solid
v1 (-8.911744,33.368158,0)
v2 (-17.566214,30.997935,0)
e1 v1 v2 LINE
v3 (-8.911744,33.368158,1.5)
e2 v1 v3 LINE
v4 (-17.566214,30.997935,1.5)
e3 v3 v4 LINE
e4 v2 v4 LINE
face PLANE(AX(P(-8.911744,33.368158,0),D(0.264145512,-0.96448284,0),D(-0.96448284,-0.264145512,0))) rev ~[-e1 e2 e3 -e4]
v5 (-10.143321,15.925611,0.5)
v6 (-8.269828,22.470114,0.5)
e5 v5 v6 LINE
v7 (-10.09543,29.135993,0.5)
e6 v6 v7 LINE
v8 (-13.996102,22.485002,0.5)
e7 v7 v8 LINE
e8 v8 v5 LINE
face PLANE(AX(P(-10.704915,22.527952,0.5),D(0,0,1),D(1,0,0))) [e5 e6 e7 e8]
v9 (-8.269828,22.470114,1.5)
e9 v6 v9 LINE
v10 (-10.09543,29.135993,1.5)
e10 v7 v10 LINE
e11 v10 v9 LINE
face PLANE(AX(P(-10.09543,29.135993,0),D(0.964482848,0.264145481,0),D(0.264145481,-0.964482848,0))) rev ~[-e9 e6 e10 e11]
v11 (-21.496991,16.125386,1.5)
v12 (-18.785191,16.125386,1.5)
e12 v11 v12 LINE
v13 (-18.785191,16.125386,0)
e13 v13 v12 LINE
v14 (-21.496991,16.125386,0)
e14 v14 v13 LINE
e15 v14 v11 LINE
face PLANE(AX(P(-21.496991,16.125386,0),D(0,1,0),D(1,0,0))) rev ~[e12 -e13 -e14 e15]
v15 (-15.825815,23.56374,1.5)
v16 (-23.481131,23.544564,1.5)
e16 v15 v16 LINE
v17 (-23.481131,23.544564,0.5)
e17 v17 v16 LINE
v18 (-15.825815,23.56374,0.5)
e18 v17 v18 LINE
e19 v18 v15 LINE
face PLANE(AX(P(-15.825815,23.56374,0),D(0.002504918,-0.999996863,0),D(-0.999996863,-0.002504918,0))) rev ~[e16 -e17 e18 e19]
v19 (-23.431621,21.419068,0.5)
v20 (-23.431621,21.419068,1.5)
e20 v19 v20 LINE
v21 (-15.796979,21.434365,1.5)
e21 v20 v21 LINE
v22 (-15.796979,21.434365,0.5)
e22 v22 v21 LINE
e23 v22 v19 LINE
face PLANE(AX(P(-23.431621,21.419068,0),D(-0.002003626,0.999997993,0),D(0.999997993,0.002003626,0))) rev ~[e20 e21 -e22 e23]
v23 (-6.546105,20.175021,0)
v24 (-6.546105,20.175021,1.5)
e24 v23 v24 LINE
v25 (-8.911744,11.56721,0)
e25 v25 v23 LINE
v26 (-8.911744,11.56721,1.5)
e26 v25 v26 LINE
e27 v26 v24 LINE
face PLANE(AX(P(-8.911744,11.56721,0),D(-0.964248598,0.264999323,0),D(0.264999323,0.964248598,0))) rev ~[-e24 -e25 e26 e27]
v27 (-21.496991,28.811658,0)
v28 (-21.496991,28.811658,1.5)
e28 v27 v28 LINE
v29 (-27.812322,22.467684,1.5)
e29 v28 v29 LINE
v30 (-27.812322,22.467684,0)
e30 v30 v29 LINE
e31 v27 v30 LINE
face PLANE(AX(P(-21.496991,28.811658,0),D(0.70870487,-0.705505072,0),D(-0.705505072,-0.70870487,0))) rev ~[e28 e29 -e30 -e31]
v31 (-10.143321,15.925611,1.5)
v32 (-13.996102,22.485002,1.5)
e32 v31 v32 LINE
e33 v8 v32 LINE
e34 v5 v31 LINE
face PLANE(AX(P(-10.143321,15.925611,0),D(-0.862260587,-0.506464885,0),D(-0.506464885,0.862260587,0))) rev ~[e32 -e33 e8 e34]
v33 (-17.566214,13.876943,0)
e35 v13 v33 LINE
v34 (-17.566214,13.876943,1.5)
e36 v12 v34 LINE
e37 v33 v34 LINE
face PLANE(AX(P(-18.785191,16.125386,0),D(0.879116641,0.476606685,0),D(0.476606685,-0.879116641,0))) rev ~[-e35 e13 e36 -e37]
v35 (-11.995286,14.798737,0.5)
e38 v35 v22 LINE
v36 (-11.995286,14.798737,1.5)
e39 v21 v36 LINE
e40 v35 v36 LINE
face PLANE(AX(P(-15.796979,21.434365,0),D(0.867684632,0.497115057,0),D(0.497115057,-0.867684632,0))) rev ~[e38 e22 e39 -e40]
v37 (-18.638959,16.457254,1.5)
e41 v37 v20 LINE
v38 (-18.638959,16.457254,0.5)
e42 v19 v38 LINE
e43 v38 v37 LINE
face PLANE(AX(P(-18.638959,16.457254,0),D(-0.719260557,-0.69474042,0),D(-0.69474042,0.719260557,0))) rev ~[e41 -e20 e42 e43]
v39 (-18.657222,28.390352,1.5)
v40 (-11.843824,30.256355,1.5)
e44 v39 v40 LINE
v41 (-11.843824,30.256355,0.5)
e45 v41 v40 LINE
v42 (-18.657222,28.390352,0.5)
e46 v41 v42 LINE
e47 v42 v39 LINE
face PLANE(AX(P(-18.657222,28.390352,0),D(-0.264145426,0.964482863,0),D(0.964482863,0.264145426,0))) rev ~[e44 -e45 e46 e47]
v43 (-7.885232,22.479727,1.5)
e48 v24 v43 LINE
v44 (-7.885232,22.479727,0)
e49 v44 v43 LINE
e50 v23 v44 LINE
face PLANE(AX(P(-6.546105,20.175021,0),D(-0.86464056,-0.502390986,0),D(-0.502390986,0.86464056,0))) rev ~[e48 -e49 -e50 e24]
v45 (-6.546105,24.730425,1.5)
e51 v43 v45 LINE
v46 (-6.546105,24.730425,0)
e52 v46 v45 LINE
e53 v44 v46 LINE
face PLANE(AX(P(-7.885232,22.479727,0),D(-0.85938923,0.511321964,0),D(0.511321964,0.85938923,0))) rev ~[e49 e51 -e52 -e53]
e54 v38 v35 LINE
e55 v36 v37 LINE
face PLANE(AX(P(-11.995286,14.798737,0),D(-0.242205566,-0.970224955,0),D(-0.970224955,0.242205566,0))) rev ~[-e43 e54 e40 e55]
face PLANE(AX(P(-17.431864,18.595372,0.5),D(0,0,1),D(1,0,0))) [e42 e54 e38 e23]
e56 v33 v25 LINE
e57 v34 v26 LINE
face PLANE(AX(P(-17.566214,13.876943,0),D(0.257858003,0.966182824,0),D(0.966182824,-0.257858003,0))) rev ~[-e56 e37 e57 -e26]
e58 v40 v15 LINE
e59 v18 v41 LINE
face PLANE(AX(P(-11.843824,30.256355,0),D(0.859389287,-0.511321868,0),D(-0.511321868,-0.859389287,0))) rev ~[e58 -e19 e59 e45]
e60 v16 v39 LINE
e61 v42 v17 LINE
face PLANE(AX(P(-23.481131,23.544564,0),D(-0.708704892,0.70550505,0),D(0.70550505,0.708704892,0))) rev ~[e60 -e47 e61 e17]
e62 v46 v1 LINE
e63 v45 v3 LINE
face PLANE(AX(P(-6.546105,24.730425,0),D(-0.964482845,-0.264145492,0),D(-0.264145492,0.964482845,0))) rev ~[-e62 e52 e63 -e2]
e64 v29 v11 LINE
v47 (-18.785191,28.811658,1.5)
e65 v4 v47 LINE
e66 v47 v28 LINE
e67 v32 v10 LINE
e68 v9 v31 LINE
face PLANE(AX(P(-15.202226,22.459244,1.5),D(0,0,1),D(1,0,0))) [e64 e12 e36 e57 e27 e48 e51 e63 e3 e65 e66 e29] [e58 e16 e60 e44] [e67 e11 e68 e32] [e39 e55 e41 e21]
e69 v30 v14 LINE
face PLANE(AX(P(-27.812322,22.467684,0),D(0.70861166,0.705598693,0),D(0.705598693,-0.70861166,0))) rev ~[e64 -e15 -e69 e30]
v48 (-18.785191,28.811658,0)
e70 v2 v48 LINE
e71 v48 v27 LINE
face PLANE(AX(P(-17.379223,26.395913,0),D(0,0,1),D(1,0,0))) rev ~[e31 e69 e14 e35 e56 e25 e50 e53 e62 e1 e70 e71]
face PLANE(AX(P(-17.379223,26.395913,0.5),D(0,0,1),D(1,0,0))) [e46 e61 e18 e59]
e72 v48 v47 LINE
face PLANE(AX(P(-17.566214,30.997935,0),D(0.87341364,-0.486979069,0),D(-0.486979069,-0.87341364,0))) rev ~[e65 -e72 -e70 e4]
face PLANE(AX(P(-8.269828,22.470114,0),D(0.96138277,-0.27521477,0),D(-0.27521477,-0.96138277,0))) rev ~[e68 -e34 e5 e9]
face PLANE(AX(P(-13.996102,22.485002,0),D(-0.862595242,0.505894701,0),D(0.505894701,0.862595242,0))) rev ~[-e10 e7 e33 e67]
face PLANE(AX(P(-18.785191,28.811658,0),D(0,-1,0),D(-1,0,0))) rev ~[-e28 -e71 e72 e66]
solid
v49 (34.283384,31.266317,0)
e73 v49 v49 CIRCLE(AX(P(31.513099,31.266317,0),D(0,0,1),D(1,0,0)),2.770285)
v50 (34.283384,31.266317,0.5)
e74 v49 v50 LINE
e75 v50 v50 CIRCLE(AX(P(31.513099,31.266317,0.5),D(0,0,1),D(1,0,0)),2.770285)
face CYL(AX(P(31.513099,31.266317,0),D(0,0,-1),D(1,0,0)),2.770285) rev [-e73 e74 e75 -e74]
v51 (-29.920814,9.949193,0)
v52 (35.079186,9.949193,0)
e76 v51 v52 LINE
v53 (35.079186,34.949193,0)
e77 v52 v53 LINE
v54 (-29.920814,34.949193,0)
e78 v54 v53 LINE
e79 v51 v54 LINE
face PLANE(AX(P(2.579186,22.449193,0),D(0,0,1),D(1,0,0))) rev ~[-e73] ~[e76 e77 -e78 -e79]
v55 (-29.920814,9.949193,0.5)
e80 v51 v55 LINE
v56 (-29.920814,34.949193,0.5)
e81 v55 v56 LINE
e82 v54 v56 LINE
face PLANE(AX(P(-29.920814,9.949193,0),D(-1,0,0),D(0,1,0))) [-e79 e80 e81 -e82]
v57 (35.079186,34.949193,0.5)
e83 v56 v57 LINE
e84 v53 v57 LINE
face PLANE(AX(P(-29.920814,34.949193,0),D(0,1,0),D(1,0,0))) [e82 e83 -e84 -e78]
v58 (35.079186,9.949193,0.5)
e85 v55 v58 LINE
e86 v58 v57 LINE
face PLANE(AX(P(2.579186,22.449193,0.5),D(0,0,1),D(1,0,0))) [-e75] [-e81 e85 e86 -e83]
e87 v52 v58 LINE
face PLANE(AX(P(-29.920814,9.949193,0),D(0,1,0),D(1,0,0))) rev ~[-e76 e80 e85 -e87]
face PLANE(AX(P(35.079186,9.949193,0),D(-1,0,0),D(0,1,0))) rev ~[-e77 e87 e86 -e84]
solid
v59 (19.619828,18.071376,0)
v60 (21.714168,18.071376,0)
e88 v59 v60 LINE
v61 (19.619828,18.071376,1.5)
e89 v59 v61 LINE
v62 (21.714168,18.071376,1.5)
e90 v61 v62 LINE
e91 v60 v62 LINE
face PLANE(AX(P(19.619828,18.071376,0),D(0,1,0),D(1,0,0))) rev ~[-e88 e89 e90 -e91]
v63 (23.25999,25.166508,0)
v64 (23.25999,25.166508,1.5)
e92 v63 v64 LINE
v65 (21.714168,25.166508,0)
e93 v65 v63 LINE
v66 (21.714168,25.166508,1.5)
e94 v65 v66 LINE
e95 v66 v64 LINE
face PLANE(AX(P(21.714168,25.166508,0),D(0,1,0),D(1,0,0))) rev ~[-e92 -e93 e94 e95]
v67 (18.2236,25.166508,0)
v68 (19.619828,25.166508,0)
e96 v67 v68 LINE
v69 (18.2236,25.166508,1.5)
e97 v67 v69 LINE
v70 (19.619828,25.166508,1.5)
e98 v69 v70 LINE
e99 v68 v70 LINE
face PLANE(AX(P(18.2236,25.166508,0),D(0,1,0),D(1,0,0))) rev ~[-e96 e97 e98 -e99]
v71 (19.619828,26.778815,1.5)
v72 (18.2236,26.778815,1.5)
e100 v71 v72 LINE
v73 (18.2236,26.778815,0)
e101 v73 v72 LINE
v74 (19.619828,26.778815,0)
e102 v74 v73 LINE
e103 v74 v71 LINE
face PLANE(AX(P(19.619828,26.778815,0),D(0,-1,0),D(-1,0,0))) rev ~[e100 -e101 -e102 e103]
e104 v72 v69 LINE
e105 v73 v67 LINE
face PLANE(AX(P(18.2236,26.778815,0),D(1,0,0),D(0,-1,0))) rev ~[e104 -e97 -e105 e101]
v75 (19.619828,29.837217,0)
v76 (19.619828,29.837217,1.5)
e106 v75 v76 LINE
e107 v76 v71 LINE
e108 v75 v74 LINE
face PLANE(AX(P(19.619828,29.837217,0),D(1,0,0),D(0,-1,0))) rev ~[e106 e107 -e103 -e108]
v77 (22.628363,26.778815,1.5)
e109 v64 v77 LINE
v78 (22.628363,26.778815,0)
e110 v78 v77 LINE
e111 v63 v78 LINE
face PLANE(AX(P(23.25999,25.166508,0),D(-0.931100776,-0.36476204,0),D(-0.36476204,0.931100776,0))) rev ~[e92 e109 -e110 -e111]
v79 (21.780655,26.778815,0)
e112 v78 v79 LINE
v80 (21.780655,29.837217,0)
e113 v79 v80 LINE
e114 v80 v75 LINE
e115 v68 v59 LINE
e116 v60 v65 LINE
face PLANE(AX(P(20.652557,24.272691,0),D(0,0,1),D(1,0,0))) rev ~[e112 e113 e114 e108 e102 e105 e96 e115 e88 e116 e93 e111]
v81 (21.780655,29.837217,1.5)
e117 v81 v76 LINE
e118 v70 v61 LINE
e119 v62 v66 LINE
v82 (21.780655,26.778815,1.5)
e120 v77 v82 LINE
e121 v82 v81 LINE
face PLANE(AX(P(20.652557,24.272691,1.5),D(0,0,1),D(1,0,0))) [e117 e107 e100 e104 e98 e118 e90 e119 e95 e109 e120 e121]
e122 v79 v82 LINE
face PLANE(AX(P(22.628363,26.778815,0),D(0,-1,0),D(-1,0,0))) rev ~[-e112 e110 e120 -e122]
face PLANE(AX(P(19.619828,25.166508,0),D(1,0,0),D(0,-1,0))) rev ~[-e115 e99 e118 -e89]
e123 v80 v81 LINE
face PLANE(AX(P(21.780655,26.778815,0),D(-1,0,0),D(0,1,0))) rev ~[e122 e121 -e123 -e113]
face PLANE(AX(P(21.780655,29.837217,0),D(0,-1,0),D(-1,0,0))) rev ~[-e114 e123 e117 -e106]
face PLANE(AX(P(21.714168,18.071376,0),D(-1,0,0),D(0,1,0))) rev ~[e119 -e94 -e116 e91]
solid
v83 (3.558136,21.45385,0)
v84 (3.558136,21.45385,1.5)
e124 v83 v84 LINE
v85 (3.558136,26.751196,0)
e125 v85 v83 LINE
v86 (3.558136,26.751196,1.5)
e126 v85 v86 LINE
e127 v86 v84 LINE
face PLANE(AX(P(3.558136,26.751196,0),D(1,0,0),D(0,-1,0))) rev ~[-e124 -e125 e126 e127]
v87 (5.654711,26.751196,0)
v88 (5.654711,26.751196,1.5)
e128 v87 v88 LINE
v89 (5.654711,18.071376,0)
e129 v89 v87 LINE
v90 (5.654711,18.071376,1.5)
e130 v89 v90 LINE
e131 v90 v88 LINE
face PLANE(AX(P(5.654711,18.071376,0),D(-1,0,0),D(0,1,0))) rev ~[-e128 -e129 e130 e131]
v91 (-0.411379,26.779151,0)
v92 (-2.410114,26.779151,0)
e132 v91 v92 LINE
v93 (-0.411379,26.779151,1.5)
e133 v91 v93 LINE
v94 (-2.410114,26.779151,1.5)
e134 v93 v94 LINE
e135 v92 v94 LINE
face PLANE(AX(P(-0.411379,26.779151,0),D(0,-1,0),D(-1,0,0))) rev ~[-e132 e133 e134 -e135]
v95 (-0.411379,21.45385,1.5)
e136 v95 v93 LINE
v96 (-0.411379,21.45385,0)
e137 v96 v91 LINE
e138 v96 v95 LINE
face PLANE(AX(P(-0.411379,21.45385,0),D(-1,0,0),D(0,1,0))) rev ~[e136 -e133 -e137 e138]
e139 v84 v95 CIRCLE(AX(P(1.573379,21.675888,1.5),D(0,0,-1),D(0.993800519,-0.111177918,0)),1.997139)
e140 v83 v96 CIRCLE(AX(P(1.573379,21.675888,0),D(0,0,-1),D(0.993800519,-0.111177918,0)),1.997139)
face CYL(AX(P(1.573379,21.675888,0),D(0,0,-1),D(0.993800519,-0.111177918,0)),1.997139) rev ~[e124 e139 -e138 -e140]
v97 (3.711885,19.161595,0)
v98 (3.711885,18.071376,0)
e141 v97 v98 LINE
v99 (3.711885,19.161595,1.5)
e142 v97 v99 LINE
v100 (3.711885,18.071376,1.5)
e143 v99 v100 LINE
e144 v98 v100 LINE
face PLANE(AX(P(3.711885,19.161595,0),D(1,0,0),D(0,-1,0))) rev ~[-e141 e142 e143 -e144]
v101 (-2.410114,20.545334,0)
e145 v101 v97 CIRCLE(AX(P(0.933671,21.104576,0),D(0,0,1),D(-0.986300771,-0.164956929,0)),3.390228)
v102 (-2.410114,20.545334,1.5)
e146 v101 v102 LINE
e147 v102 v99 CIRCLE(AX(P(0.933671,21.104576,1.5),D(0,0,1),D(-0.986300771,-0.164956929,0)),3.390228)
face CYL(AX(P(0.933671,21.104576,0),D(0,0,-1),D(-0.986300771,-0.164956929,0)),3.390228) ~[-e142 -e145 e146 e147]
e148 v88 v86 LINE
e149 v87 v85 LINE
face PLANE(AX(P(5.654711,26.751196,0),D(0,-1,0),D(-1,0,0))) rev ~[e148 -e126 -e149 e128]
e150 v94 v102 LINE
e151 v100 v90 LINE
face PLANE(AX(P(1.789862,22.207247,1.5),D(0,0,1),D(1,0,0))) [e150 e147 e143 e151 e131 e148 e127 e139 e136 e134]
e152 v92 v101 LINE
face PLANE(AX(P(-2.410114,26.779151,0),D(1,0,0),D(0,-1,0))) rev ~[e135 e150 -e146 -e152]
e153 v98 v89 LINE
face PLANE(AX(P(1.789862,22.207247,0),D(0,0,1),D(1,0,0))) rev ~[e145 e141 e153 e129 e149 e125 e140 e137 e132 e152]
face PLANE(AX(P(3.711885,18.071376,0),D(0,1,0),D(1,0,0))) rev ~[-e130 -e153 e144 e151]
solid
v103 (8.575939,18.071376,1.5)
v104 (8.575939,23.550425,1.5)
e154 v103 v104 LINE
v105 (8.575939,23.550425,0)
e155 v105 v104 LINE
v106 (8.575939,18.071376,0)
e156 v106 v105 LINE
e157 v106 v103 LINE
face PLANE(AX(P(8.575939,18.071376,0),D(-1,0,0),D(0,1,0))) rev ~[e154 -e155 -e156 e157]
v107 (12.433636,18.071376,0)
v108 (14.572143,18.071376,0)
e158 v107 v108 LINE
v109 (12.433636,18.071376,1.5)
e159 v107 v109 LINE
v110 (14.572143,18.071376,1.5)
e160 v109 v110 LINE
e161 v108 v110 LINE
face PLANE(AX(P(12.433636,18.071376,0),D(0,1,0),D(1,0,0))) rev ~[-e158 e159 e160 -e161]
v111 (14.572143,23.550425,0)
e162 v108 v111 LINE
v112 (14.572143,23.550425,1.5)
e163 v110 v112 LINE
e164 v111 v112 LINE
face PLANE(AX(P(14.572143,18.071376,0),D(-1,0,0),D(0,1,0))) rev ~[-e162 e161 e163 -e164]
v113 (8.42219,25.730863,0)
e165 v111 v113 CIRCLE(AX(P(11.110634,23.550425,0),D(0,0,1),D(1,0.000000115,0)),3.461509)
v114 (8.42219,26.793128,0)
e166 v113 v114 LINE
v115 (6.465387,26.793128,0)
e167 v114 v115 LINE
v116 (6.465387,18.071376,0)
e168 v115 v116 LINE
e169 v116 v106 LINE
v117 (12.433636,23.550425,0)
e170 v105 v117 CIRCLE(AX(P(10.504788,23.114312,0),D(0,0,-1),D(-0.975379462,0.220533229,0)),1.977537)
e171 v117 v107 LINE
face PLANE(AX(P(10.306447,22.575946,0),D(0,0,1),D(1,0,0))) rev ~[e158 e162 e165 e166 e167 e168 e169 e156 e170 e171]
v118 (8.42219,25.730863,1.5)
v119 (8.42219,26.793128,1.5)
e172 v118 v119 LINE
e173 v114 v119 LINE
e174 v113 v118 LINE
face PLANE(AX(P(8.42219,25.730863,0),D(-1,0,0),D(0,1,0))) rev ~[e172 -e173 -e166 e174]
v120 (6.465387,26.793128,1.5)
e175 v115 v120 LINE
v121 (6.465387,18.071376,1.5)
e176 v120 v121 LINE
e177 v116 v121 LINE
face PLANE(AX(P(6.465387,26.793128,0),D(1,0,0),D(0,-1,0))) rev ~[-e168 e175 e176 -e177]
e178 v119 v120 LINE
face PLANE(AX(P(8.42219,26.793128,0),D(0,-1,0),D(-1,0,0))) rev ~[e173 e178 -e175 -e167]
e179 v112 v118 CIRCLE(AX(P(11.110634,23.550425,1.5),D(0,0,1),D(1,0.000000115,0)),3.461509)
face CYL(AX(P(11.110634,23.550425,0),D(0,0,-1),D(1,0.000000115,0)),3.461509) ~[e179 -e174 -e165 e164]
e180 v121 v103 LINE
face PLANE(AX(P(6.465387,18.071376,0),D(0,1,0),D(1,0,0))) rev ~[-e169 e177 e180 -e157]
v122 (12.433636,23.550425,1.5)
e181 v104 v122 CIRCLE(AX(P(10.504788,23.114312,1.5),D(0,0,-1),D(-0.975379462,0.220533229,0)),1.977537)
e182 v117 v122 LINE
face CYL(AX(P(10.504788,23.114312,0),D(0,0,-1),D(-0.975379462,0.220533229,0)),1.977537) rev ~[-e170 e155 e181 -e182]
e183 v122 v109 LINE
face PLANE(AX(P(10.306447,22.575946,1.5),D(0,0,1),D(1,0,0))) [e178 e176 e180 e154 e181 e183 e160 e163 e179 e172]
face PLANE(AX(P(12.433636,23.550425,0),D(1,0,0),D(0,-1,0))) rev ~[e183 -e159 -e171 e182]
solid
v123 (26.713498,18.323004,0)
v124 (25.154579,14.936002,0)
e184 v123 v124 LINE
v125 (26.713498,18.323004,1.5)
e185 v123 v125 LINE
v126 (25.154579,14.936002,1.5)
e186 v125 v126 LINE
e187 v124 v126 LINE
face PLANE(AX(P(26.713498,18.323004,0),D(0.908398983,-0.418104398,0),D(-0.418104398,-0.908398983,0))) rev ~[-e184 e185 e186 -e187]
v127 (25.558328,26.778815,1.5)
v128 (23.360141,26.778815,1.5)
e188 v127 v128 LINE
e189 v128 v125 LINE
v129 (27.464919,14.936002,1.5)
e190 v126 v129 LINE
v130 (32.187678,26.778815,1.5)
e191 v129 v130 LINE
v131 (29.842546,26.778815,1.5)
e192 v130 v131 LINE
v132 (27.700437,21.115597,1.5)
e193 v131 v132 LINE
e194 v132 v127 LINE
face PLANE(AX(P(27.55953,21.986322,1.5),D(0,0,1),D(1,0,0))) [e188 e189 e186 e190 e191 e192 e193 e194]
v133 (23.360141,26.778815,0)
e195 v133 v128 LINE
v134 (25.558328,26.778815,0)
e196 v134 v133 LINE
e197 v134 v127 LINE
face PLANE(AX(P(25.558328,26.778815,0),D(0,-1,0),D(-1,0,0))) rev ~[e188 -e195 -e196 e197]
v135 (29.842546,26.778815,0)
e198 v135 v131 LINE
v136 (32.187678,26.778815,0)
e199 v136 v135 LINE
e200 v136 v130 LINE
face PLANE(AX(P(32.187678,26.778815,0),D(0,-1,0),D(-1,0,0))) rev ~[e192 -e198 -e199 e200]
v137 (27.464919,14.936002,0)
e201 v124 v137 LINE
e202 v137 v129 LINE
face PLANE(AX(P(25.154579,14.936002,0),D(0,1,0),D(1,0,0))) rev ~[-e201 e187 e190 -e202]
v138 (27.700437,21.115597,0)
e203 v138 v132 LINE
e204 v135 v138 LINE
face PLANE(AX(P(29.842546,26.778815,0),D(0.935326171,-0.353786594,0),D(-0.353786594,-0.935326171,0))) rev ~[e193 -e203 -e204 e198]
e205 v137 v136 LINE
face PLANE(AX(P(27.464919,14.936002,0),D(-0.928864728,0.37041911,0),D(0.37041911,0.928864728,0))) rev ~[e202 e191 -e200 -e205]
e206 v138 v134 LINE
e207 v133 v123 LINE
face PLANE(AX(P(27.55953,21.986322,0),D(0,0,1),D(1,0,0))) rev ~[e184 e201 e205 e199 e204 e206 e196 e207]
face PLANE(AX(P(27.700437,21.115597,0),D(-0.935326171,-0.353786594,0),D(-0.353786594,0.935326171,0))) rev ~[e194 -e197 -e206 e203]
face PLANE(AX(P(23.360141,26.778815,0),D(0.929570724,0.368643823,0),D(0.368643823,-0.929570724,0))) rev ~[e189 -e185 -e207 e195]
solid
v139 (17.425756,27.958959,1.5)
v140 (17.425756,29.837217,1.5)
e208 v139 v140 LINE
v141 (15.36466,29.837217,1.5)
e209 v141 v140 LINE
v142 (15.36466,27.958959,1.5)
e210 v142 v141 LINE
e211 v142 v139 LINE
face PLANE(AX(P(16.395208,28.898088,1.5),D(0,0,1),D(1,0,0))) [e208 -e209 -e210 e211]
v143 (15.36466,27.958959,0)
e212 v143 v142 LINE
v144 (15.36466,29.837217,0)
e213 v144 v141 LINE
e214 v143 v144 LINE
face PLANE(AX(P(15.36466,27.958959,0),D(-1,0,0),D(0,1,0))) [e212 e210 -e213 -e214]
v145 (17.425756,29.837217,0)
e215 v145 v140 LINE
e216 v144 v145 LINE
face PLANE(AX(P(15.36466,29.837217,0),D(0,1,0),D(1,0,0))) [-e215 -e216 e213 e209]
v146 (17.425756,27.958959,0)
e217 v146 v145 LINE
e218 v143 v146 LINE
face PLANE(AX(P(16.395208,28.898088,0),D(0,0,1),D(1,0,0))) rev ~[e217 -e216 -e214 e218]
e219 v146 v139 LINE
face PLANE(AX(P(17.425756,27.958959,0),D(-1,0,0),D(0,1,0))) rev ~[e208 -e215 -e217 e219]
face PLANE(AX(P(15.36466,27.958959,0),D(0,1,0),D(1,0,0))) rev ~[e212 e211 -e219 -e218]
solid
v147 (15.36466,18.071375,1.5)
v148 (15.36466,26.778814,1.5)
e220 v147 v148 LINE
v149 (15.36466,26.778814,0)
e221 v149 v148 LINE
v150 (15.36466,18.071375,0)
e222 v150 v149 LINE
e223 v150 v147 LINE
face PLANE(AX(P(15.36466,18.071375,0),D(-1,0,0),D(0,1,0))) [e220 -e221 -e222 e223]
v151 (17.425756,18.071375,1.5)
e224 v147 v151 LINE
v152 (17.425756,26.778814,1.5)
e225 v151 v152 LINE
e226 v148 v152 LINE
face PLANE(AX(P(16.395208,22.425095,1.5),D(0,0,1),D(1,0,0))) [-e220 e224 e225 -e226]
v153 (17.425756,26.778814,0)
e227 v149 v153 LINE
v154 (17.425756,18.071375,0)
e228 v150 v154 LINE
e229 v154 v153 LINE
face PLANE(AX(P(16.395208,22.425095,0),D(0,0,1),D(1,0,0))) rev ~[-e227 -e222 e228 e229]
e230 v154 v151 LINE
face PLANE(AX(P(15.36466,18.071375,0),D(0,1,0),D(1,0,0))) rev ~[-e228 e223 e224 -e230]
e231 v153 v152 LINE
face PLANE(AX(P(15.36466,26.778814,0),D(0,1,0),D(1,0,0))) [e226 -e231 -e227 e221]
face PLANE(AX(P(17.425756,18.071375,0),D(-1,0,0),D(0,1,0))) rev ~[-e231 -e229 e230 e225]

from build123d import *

# Parameters (mm, degrees)
F0_W     = 2.061097
F0_H     = 8.707439
F0_H_2   = 1.878258
F1_DEPTH = 1.5
F2_DEPTH = 0.5
F3_W     = 65
F3_H     = 25
F3_R     = 2.770285
F4_DEPTH = 0.5


with BuildPart() as f1:
    # F0 (on Top) → F1 (new body)
    with BuildSketch(Plane.XY):
        Polygon((-21.496991, 28.811658), (-27.812322, 22.467684), (-21.496991, 16.125386), (-18.785191, 16.125386), (-17.566214, 13.876943), (-8.911744, 11.56721), (-6.546105, 20.175021), (-7.885232, 22.479727), (-6.546105, 24.730425), (-8.911744, 33.368158), (-17.566214, 30.997935), (-18.785191, 28.811658), align=None)
        Polygon((-18.638959, 16.457254), (-23.431621, 21.419068), (-15.796979, 21.434365), (-11.995286, 14.798737), align=None, mode=Mode.SUBTRACT)
        Polygon((-15.825815, 23.56374), (-23.481131, 23.544564), (-18.657222, 28.390352), (-11.843824, 30.256355), align=None, mode=Mode.SUBTRACT)
        Polygon((-10.143321, 15.925611), (-13.996102, 22.485002), (-10.09543, 29.135993), (-8.269828, 22.470114), align=None, mode=Mode.SUBTRACT)
        with BuildLine():
            Line((-0.411379, 26.779151), (-2.410114, 26.779151))
            Line((-2.410114, 26.779151), (-2.410114, 20.545334))
            ThreePointArc((-2.410114, 20.545334), (0.186241, 17.797765), (3.711885, 19.161595))
            Line((3.711885, 19.161595), (3.711885, 18.071376))
            Line((3.711885, 18.071376), (5.654711, 18.071376))
            Line((5.654711, 18.071376), (5.654711, 26.751196))
            Line((5.654711, 26.751196), (3.558136, 26.751196))
            Line((3.558136, 26.751196), (3.558136, 21.45385))
            ThreePointArc((3.558136, 21.45385), (1.573379, 19.678749), (-0.411379, 21.45385))
            Line((-0.411379, 21.45385), (-0.411379, 26.779151))
        make_face()
        with BuildLine():
            Line((8.42219, 26.793128), (6.465387, 26.793128))
            Line((6.465387, 26.793128), (6.465387, 18.071376))
            Line((6.465387, 18.071376), (8.575939, 18.071376))
            Line((8.575939, 18.071376), (8.575939, 23.550425))
            ThreePointArc((8.575939, 23.550425), (10.504787, 25.091849), (12.433636, 23.550425))
            Line((12.433636, 23.550425), (12.433636, 18.071376))
            Line((12.433636, 18.071376), (14.572143, 18.071376))
            Line((14.572143, 18.071376), (14.572143, 23.550425))
            ThreePointArc((14.572143, 23.550425), (12.267347, 26.812948), (8.42219, 25.730863))
            Line((8.42219, 25.730863), (8.42219, 26.793128))
        make_face()
        with Locations((16.395208, 22.425095)):
            Rectangle(F0_W, F0_H)
        with Locations((16.395208, 28.898088)):
            Rectangle(F0_W, F0_H_2)
        Polygon((21.780655, 29.837217), (19.619828, 29.837217), (19.619828, 26.778815), (18.2236, 26.778815), (18.2236, 25.166508), (19.619828, 25.166508), (19.619828, 18.071376), (21.714168, 18.071376), (21.714168, 25.166508), (23.25999, 25.166508), (22.628363, 26.778815), (21.780655, 26.778815), align=None)
        Polygon((25.558328, 26.778815), (23.360141, 26.778815), (26.713498, 18.323004), (25.154579, 14.936002), (27.464919, 14.936002), (32.187678, 26.778815), (29.842546, 26.778815), (27.700437, 21.115597), align=None)
    extrude(amount=F1_DEPTH)

    # F0 (on Top) → F2 (join)
    with BuildSketch(Plane.XY):
        Polygon((-18.657222, 28.390352), (-23.481131, 23.544564), (-15.825815, 23.56374), (-11.843824, 30.256355), align=None)
        Polygon((-10.09543, 29.135993), (-13.996102, 22.485002), (-10.143321, 15.925611), (-8.269828, 22.470114), align=None)
        Polygon((-15.796979, 21.434365), (-23.431621, 21.419068), (-18.638959, 16.457254), (-11.995286, 14.798737), align=None)
    extrude(amount=F2_DEPTH)


with BuildPart() as f4:
    # F3 (on Top) → F4 (new body)
    with BuildSketch(Plane.XY):
        with Locations((2.579186, 22.449193)):
            Rectangle(F3_W, F3_H)
        with Locations((31.513099, 31.266317)):
            Circle(F3_R, mode=Mode.SUBTRACT)
    extrude(amount=F4_DEPTH)


solid = Compound([f1.part, f4.part])
